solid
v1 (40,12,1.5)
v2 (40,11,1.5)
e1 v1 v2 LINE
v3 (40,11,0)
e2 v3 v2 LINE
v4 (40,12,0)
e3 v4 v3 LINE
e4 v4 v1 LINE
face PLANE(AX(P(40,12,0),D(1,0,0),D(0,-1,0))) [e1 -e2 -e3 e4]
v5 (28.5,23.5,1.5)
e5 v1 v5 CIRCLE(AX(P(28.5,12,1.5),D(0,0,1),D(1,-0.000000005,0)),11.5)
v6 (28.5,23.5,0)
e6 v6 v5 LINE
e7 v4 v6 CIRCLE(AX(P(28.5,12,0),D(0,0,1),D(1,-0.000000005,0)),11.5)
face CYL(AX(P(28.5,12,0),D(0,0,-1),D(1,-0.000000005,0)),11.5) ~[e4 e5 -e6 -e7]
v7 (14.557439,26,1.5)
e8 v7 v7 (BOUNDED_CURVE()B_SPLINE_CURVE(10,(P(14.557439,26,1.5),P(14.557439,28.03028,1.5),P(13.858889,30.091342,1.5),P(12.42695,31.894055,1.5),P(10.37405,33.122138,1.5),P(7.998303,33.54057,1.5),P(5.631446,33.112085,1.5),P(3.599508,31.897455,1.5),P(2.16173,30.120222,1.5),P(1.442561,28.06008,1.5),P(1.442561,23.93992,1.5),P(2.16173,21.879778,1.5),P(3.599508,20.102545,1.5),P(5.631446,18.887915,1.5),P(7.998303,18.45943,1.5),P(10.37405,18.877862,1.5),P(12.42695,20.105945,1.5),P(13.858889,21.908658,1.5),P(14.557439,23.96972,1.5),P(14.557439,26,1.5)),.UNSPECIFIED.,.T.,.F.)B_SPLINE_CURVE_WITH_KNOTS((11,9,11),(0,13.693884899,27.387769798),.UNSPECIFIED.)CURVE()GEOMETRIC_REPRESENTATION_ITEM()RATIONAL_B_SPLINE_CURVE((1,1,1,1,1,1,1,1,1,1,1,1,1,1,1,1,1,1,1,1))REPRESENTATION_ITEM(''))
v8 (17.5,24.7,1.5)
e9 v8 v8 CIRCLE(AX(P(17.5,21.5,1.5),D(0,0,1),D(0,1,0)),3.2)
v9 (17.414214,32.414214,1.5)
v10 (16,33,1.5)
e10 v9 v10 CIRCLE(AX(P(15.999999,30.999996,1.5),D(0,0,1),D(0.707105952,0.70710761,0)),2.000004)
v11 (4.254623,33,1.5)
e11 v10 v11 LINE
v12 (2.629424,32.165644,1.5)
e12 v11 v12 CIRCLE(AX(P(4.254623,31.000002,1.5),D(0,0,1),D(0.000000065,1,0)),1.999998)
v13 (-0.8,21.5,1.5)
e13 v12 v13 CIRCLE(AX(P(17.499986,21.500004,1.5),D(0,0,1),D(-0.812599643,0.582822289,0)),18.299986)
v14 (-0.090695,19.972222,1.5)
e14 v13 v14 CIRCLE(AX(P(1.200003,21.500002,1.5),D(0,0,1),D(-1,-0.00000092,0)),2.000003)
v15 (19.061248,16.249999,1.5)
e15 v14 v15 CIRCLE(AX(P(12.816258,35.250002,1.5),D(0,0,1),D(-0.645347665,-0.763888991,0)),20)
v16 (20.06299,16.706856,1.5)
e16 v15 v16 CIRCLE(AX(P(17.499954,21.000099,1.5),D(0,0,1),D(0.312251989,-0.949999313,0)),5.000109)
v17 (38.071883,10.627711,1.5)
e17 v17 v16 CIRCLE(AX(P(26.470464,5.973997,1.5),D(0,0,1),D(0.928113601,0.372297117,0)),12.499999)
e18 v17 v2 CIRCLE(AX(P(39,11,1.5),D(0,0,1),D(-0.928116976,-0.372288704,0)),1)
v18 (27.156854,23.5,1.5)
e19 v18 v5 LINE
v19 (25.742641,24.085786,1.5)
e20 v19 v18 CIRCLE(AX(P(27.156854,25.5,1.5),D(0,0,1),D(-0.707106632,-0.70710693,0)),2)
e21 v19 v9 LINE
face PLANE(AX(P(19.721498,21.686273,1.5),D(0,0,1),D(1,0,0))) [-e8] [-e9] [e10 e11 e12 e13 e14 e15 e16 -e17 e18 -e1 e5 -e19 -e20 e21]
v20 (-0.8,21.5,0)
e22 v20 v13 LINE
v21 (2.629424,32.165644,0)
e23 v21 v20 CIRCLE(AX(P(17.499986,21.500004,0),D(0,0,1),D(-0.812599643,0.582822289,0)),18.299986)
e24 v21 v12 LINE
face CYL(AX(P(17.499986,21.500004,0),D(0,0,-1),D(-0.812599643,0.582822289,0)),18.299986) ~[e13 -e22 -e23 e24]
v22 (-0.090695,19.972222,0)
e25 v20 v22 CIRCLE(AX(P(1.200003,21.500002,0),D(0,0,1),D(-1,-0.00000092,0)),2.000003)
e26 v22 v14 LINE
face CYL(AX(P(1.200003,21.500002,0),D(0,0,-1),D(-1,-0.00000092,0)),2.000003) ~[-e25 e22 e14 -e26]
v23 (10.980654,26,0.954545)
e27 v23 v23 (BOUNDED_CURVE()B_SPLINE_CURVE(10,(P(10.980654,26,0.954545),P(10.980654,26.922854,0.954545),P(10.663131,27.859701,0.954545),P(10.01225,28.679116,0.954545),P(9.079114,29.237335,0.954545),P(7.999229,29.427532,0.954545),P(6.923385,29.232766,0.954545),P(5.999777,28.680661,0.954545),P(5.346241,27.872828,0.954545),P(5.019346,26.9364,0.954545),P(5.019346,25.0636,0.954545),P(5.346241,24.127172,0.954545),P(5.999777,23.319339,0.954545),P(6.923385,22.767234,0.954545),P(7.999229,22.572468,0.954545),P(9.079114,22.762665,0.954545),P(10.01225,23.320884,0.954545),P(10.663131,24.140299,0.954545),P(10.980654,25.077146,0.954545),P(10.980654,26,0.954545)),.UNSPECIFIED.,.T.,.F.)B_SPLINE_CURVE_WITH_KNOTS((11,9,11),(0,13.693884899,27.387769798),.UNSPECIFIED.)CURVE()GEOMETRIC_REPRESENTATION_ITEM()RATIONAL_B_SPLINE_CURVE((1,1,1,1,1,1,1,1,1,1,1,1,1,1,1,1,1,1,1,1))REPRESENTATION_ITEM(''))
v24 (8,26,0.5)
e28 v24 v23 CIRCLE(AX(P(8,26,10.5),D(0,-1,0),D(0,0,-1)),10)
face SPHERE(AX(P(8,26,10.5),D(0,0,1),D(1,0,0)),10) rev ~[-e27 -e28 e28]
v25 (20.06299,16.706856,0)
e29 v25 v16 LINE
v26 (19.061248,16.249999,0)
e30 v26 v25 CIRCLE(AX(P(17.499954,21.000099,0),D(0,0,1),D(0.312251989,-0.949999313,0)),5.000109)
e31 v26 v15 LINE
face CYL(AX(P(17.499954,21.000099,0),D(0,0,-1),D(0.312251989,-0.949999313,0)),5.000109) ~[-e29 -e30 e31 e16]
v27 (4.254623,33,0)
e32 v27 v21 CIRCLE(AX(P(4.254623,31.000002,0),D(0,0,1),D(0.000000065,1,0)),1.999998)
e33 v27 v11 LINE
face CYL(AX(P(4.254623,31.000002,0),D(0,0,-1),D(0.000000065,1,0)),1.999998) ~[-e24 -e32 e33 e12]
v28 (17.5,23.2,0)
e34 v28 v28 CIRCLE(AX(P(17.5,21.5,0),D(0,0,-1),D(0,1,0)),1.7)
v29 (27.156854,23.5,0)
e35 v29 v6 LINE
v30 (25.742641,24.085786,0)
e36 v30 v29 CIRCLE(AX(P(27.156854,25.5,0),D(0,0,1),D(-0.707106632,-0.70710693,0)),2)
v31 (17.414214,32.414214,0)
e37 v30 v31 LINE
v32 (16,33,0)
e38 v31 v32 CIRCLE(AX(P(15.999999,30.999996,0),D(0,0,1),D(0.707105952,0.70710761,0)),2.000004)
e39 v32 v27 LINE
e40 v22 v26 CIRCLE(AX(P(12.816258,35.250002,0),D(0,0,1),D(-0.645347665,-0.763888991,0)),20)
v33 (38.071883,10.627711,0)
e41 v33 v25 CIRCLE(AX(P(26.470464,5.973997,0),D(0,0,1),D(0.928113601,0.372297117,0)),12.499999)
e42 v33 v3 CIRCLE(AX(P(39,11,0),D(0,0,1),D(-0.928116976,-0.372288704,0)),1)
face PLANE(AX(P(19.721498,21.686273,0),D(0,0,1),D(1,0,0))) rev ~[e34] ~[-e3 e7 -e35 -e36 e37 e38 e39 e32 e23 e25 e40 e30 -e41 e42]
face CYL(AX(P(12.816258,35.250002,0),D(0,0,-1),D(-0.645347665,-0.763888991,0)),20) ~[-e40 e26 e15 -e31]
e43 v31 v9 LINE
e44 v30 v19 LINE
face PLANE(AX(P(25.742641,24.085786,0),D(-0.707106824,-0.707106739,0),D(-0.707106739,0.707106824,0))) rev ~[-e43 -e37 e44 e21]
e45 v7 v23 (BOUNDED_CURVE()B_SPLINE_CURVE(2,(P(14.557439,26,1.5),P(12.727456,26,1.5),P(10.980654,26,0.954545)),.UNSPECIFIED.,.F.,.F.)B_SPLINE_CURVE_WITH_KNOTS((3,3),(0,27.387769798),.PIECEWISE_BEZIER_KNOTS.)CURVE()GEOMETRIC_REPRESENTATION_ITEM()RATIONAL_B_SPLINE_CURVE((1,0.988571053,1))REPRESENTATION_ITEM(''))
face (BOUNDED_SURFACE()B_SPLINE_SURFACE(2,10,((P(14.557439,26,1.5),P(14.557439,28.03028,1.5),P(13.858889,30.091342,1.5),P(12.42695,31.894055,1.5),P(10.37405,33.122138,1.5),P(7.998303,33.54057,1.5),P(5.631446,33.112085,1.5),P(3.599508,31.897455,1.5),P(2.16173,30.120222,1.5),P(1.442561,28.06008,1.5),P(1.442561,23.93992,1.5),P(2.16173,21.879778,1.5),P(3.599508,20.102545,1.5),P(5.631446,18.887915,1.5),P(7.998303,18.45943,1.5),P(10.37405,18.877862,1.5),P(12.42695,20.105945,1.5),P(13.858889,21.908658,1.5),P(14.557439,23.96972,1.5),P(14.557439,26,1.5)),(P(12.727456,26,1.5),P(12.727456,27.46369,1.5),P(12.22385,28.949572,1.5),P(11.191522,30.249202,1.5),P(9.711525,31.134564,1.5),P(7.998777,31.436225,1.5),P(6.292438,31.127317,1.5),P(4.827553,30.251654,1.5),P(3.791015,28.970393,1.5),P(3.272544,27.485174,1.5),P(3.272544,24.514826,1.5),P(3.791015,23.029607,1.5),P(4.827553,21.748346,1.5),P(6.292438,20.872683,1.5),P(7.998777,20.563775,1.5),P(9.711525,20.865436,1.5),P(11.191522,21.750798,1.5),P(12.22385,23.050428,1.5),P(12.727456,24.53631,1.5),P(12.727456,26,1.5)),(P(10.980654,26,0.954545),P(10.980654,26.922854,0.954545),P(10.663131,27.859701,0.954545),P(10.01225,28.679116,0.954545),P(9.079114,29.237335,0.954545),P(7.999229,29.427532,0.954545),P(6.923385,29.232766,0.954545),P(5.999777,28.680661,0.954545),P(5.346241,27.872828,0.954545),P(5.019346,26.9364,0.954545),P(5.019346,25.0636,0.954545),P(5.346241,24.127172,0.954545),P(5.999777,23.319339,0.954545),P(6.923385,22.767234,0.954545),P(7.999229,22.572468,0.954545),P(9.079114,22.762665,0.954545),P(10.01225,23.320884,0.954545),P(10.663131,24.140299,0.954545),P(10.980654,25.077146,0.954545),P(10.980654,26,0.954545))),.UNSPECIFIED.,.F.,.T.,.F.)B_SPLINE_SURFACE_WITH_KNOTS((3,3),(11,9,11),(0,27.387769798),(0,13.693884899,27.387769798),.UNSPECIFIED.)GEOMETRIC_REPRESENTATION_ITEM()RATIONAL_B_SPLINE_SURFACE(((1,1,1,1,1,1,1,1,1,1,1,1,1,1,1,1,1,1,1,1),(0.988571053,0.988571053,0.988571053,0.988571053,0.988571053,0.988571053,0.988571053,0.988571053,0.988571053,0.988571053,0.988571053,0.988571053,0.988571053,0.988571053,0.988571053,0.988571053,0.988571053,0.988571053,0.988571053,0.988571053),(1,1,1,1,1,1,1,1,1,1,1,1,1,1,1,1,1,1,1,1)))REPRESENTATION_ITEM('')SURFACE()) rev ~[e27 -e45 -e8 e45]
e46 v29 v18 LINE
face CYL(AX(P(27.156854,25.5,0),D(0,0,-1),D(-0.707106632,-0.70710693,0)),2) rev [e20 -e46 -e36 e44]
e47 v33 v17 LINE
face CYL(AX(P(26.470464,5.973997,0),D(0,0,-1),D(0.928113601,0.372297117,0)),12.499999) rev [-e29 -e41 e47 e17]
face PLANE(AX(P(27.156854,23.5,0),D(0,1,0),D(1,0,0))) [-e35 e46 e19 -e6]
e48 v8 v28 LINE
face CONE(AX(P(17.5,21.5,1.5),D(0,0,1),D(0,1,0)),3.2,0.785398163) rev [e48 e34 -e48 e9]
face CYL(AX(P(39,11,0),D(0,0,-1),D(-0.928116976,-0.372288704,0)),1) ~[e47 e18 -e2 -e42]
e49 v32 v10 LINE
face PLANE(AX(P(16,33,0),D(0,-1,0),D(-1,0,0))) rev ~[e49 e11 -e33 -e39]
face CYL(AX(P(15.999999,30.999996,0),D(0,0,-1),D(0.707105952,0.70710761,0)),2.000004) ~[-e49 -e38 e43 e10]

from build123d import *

# Parameters (mm, degrees)
PAD003_DEPTH = 1.5
FILLET_R     = 12


with BuildPart() as sphere:
    # Sphere → Sphere (revolve)
    with BuildSketch(Plane(origin=(8, 26, 10.5), x_dir=(1, 0, 0), z_dir=(0, -1, 0))):
        with BuildLine():
            ThreePointArc((0, -10), (10, 0), (0, 10))
            Line((0, 10), (0, -10))
        make_face()
    revolve(axis=Axis((8, 26, 10.5), (0, 0, 1)))


with BuildPart() as clone_of_countersunk002:
    # Sketch007 → Revolution001 (revolve)
    with BuildSketch(Plane.YZ):
        Polygon((3.2, 0), (1.5, -1.7), (1.5, -10), (0, -10), (0, 0), align=None)
    revolve(axis=Axis((0, 0, 0), (0, 0, 1)))


with BuildPart() as clone_of_countersunk002_1:
    # Clone005 placement: moved
    add(clone_of_countersunk002.part.moved(Location((17.5, 21.5, 1.5))))


with BuildPart() as samplefix:
    # Sketch → Pad003 (new body)
    with BuildSketch(Plane.XY):
        with BuildLine():
            ThreePointArc((19.061248, 16.249999), (19.574732, 16.450771), (20.06299, 16.706856))
            ThreePointArc((38.071883, 10.627711), (30.468372, 17.817422), (20.06299, 16.706856))
            ThreePointArc((38.071883, 10.627711), (39.189583, 10.018135), (40, 11))
            Line((40, 12), (40, 11))
            ThreePointArc((40, 12), (36.631728, 20.131728), (28.5, 23.5))
            Line((27.156854, 23.5), (28.5, 23.5))
            ThreePointArc((25.742641, 24.085786), (26.391487, 23.652241), (27.156854, 23.5))
            Line((25.742641, 24.085786), (17.414214, 32.414214))
            ThreePointArc((17.414214, 32.414214), (16.765367, 32.847759), (16, 33))
            Line((16, 33), (4.254623, 33))
            ThreePointArc((4.254623, 33), (3.341193, 32.779226), (2.629424, 32.165644))
            ThreePointArc((2.629424, 32.165644), (0.078439, 27.101717), (-0.8, 21.5))
            ThreePointArc((-0.8, 21.5), (-0.614027, 20.657798), (-0.090695, 19.972222))
            ThreePointArc((-0.090695, 19.972222), (9.000609, 15.617355), (19.061248, 16.249999))
        make_face()
    extrude(amount=PAD003_DEPTH)

    # Cut003: cut Clone of Countersunk002
    add(clone_of_countersunk002_1.part, mode=Mode.SUBTRACT)

    # Cut004: cut Sphere
    add(sphere.part, mode=Mode.SUBTRACT)

    # Fillet
    fillet_edges = [samplefix.edges().sort_by_distance(p)[0] for p in [
        (3.641101, 26, 1.5),
    ]]
    fillet(fillet_edges, radius=FILLET_R)


solid = samplefix.part
